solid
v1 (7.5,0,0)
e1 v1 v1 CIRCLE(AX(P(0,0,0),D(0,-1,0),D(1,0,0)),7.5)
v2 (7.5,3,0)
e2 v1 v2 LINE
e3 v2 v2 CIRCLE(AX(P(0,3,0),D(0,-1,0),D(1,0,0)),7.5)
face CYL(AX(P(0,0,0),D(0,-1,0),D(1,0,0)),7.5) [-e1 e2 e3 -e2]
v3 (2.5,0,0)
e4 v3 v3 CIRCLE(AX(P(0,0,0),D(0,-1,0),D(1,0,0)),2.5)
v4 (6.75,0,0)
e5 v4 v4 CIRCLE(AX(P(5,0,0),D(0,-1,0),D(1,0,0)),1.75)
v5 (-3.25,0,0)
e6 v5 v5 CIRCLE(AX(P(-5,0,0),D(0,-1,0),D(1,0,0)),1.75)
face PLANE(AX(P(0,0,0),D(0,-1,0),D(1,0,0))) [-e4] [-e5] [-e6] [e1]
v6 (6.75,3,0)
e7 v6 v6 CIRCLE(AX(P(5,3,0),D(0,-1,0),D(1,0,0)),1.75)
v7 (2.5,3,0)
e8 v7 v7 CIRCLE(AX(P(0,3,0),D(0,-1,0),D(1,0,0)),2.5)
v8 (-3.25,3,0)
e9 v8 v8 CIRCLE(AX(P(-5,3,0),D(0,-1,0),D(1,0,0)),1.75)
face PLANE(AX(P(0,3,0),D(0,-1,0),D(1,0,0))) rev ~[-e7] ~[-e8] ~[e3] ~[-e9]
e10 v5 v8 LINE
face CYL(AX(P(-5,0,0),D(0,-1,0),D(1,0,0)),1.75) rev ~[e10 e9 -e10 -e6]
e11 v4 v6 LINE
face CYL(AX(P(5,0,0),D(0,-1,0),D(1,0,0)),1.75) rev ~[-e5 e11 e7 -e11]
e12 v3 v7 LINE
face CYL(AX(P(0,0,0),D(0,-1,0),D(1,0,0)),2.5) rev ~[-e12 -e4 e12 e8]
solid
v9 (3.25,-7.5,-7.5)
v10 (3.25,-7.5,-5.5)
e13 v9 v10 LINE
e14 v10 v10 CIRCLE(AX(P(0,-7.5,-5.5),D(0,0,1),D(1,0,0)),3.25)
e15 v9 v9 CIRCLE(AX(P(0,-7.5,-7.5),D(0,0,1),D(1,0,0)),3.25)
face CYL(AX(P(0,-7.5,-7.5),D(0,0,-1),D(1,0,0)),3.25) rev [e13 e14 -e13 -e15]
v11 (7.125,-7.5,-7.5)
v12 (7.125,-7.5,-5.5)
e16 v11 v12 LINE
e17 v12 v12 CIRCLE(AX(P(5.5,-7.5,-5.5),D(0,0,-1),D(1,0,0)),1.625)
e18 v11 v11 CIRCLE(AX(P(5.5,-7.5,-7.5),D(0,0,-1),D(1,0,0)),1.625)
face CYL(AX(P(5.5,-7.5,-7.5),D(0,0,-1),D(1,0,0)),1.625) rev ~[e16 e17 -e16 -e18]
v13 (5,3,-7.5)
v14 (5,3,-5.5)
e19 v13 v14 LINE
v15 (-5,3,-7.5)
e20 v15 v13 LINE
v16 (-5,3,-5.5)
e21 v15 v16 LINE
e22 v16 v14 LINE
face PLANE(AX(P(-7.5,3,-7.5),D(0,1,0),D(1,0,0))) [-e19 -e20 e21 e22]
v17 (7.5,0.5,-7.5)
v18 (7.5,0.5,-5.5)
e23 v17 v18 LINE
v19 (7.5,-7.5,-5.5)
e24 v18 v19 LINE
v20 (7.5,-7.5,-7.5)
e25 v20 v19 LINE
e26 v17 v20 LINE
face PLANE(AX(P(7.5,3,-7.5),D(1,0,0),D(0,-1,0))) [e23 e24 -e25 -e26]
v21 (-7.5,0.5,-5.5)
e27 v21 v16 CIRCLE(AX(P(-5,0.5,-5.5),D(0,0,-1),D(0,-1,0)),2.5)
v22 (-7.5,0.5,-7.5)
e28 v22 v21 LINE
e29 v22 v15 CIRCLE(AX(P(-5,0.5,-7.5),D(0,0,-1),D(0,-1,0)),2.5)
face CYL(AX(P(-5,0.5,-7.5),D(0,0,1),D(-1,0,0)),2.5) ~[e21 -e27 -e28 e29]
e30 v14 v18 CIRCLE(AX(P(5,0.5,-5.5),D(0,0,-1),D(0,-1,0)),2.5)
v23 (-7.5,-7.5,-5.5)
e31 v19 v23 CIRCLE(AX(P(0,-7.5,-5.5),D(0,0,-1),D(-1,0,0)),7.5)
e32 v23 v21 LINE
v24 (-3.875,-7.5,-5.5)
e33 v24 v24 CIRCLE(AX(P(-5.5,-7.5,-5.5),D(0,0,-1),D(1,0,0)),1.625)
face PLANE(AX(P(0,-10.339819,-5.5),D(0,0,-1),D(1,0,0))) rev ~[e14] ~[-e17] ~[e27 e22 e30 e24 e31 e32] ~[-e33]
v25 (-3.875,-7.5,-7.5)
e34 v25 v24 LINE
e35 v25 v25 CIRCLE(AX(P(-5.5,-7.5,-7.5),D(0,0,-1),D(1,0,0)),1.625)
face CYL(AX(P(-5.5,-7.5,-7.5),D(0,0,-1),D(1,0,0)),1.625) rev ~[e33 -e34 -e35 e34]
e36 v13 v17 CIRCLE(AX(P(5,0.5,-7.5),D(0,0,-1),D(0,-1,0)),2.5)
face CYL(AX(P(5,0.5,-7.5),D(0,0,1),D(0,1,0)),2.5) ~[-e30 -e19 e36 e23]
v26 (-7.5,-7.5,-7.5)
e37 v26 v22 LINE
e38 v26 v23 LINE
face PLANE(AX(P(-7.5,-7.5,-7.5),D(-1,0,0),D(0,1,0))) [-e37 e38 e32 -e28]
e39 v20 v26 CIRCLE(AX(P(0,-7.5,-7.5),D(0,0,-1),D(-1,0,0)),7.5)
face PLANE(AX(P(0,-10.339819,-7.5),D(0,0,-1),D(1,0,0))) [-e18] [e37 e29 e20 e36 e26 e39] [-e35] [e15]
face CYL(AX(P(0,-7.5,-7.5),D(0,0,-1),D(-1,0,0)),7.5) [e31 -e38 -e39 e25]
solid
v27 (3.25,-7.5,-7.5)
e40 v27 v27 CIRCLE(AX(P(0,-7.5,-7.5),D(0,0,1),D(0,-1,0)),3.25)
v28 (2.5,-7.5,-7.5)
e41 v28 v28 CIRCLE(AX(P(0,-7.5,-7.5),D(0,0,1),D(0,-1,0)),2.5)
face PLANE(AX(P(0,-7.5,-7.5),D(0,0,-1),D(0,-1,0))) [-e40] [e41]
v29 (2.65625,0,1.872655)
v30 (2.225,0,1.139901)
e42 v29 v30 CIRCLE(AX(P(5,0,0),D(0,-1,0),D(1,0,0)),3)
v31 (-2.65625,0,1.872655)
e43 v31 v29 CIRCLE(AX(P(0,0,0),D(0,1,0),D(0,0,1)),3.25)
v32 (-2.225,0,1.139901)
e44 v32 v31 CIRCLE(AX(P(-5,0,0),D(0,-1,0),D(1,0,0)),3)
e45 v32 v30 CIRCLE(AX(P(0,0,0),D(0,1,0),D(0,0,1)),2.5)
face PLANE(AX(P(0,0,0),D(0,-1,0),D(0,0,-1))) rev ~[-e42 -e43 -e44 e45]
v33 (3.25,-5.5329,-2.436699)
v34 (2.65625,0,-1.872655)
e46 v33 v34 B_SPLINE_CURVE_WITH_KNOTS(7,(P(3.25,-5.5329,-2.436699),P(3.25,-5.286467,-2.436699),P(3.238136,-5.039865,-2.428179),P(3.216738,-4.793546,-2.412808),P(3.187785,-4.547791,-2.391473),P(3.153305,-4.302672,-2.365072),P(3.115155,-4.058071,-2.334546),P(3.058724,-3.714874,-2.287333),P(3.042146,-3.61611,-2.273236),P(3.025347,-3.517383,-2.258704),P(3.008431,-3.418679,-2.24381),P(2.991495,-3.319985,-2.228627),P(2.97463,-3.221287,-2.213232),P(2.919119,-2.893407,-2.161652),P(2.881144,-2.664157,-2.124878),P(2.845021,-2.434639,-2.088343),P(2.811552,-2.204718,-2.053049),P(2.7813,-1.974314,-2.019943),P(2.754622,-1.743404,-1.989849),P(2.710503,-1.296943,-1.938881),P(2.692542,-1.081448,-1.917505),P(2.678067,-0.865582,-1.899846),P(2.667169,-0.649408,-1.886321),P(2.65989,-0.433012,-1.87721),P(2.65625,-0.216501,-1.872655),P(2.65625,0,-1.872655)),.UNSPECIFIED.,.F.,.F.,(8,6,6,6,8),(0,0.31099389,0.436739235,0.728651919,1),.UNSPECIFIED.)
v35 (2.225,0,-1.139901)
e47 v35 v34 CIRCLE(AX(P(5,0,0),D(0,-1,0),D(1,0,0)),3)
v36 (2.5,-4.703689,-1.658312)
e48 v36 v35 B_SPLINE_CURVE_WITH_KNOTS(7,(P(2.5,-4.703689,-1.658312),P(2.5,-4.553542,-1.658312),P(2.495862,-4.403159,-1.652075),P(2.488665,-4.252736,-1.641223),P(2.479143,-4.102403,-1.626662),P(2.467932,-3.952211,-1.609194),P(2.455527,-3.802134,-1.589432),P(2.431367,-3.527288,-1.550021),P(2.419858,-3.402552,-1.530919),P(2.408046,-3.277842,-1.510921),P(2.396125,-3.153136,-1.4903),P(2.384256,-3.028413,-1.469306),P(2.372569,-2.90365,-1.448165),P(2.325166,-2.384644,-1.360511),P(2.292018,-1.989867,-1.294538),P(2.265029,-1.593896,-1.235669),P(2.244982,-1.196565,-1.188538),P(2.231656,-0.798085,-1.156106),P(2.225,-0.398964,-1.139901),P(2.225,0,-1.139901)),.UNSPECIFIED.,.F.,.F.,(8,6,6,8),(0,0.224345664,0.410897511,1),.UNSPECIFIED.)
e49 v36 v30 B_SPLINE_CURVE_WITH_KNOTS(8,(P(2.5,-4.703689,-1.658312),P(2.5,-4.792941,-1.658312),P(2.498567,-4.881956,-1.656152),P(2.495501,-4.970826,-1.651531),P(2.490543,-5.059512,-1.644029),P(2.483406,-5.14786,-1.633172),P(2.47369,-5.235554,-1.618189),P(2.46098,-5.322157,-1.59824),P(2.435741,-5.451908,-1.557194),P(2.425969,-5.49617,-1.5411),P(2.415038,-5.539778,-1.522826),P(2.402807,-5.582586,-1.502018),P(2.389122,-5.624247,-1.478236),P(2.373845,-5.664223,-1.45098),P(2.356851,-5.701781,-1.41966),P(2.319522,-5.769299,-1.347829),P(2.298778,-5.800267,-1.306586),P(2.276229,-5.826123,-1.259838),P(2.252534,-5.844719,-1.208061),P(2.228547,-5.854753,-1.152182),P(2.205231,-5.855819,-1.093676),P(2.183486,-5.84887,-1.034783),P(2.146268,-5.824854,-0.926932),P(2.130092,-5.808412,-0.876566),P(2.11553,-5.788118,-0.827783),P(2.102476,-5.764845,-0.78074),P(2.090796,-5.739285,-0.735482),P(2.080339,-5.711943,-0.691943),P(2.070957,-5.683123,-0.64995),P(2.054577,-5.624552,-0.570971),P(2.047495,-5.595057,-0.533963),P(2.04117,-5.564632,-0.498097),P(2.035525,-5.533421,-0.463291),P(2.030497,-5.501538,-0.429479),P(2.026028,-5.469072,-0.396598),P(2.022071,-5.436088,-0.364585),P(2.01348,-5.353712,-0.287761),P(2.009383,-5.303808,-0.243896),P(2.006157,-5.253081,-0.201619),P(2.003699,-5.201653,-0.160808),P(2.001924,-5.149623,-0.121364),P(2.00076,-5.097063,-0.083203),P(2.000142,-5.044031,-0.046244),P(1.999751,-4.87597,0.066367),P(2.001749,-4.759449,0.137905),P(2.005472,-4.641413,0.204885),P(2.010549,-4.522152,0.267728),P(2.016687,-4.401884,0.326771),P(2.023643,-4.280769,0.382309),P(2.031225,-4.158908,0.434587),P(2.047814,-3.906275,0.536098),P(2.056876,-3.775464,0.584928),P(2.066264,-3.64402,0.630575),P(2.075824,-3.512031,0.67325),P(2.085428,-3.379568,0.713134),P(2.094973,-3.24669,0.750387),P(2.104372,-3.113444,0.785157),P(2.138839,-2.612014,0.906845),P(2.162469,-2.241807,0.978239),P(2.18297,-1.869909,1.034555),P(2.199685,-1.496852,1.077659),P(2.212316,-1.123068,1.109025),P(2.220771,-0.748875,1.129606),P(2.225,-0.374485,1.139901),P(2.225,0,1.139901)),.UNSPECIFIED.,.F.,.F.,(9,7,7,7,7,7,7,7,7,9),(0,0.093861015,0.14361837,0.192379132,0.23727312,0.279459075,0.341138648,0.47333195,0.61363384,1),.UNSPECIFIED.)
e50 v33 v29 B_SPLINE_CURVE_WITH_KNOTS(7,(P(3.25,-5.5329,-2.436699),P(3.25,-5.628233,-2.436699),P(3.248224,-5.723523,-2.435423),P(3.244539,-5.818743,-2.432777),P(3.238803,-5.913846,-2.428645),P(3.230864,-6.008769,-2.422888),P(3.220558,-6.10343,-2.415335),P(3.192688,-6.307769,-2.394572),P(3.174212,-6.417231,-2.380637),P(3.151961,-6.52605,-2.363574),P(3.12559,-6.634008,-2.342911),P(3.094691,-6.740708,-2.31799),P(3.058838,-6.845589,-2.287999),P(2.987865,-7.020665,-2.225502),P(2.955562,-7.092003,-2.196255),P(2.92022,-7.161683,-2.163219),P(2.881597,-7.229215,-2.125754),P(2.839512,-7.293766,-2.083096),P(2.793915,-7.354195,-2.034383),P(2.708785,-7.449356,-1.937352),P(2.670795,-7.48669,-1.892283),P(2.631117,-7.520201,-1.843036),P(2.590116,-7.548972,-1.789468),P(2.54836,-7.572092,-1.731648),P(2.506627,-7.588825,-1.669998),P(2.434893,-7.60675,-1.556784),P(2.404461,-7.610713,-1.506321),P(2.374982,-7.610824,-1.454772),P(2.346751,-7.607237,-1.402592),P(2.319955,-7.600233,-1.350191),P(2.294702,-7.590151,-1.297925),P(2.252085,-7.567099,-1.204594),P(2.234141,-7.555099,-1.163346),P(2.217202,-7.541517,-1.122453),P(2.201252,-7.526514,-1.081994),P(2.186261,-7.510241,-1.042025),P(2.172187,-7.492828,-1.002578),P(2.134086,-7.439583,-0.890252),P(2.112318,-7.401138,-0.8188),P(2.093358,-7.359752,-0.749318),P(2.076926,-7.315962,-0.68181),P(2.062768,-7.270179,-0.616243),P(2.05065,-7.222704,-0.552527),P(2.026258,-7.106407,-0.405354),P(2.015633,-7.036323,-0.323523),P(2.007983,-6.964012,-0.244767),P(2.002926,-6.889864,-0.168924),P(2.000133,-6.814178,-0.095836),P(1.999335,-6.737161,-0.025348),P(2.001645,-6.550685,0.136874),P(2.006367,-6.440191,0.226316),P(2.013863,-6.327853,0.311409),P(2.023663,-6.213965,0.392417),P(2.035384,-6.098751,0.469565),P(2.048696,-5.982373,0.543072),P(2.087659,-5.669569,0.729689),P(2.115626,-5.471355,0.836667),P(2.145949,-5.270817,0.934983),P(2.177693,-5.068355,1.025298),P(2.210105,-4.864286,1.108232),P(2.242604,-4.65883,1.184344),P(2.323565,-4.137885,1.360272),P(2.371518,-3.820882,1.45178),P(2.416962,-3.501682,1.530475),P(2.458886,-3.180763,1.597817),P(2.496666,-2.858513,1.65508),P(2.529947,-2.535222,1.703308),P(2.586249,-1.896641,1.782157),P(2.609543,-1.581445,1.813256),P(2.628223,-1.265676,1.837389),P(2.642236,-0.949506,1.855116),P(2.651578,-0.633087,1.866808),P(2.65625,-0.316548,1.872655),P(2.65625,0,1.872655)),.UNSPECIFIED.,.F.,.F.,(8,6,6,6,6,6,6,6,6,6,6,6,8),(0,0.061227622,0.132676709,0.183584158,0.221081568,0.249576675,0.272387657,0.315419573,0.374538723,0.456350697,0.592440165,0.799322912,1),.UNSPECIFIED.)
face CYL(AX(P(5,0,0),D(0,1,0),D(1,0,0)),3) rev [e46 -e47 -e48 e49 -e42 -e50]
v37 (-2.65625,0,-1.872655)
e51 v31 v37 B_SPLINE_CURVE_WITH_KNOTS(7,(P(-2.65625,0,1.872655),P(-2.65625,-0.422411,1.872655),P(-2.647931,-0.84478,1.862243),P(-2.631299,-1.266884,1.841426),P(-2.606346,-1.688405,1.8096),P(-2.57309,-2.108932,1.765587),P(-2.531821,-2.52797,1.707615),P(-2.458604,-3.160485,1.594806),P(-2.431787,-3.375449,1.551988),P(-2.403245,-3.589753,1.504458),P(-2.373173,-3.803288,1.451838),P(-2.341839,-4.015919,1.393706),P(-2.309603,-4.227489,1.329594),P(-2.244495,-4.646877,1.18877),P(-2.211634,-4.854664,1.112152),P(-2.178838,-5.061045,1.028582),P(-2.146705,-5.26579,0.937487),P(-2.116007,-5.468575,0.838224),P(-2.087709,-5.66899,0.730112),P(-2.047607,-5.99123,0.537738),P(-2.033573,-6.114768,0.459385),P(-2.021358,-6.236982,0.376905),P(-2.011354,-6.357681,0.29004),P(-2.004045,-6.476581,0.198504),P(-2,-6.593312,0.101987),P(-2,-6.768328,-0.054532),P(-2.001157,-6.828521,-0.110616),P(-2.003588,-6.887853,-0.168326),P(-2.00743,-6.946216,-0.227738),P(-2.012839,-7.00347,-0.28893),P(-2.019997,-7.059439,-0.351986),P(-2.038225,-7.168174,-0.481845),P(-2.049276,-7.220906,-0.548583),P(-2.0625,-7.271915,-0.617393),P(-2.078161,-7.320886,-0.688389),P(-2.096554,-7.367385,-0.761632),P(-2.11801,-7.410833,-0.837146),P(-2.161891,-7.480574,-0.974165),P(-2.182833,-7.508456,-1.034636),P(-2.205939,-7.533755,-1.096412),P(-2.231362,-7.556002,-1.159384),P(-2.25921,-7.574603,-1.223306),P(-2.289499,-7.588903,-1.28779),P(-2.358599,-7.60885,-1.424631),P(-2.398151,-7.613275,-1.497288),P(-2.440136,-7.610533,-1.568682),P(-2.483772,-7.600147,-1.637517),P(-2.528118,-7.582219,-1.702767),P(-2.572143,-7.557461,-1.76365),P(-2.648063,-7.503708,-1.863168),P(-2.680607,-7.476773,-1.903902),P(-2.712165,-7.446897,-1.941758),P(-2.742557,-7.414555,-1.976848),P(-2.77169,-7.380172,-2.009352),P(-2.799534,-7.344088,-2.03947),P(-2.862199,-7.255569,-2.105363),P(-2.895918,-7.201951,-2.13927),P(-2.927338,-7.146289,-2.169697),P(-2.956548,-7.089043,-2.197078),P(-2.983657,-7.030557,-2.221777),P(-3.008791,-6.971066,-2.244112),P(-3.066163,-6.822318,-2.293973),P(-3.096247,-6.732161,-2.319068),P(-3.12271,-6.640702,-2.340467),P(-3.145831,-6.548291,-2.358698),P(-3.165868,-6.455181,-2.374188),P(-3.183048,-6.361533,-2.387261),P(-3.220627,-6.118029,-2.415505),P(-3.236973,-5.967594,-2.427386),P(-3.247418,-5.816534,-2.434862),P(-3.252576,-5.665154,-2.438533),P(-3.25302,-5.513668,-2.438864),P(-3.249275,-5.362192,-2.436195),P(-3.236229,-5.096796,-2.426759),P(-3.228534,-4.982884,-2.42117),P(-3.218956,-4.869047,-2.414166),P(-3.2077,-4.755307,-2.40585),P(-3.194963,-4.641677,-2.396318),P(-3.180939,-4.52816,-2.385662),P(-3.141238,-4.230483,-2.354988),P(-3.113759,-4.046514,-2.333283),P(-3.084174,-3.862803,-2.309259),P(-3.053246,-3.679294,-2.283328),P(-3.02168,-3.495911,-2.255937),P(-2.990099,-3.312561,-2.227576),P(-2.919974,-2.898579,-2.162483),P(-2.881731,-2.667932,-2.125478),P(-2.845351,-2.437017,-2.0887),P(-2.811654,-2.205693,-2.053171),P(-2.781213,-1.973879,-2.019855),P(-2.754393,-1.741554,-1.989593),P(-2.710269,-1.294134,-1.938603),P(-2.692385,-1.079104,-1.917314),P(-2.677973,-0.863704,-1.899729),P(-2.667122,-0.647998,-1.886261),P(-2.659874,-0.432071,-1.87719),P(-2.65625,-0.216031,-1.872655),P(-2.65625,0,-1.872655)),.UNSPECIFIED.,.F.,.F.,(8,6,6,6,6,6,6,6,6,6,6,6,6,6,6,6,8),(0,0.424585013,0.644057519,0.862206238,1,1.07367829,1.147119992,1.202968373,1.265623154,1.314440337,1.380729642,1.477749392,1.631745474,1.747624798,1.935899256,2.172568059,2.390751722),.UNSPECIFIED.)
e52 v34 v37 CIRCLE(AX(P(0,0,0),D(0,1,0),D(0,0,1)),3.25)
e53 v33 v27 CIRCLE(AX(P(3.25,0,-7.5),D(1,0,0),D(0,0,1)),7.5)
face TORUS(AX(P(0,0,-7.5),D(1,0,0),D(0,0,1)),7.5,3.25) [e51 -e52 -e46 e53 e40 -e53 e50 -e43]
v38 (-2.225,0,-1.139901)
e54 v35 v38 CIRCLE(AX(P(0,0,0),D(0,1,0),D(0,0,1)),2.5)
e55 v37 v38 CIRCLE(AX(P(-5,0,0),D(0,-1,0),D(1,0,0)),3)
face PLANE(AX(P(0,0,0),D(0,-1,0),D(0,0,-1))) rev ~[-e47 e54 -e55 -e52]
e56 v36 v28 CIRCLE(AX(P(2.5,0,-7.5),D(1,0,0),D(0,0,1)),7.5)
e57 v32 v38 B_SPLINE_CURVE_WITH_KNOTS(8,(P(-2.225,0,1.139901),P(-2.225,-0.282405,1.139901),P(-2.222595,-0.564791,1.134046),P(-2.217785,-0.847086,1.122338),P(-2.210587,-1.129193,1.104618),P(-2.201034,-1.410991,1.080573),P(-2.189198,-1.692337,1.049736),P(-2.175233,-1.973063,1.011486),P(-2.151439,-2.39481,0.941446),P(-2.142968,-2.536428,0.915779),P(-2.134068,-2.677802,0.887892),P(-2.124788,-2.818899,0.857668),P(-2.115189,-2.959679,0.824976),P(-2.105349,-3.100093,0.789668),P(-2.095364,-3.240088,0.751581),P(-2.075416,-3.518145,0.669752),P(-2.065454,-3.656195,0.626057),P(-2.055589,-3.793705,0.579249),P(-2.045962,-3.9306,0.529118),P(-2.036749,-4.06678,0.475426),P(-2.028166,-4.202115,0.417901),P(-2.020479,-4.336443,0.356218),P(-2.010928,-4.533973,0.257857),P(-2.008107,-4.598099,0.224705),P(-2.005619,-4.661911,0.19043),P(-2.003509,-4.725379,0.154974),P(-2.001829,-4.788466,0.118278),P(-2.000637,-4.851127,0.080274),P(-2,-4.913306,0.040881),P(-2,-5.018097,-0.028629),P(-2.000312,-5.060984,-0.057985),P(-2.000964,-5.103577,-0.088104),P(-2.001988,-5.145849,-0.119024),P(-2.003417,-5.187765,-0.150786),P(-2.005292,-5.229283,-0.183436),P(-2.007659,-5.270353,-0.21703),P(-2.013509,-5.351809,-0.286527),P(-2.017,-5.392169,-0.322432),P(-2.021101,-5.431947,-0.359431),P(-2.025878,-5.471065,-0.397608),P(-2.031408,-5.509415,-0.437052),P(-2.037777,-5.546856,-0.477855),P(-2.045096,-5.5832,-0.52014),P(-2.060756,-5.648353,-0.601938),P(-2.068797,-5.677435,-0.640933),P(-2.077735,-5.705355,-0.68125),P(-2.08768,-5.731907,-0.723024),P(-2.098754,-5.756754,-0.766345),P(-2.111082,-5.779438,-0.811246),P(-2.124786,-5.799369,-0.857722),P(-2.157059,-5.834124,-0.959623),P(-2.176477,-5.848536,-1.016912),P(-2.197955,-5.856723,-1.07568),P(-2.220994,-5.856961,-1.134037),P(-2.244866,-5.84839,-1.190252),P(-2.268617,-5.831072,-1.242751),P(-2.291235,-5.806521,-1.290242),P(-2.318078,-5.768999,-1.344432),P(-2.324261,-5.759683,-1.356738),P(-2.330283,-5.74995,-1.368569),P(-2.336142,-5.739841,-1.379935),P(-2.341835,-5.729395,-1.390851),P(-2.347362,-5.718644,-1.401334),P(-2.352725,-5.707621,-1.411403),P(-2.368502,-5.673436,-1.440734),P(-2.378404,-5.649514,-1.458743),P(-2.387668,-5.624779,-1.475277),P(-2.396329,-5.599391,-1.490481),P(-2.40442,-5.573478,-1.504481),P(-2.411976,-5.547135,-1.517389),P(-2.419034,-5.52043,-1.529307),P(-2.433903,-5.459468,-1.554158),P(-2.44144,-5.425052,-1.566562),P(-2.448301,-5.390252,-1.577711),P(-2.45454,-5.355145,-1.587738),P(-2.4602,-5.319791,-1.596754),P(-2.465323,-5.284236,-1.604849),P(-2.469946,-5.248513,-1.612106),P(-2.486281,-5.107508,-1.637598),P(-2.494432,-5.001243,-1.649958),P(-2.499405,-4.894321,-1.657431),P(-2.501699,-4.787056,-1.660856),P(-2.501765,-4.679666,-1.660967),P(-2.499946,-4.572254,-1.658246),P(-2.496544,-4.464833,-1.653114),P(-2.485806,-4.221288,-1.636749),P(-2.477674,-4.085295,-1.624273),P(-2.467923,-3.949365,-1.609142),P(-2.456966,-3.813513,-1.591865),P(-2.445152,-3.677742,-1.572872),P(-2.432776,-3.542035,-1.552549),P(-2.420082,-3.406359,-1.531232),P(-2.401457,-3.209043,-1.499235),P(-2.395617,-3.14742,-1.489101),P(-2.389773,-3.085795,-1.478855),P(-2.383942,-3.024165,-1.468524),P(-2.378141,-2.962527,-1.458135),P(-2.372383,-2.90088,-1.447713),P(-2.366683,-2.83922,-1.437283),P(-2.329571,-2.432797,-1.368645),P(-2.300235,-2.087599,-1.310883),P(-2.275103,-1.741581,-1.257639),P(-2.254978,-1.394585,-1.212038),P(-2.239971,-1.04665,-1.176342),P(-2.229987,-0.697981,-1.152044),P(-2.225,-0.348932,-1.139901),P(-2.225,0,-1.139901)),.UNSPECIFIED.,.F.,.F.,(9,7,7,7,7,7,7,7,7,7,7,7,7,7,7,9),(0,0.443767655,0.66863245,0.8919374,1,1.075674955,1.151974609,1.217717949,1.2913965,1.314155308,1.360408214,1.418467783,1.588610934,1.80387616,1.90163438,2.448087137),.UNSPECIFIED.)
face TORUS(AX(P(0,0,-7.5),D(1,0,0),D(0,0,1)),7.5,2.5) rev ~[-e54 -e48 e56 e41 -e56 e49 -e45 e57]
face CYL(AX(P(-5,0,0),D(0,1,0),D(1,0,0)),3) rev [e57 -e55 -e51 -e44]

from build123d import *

# Parameters (mm, degrees)
F0_R      = 7.5
F0_R_2    = 2.5
F1_DEPTH  = 3
F2_R      = 1.75
F3_DEPTH  = 25
F5_R      = 3.25
F5_R_2    = 2.5
F8_DEPTH  = 2
F9_R      = 2.5
F10_R     = 1.625
F11_DEPTH = 2
F12_R     = 3
F13_DEPTH = 25


with BuildPart() as f1:
    # F0 (on Front) → F1 (new body)
    with BuildSketch(Plane.XZ):
        Circle(F0_R)
        Circle(F0_R_2, mode=Mode.SUBTRACT)
    extrude(amount=-F1_DEPTH)

    # F2 (on face) → F3 (cut)
    with BuildSketch(Plane.XZ):
        with Locations((5, 0)):
            Circle(F2_R)
        with Locations((-5, 0)):
            Circle(F2_R)
    extrude(amount=-F3_DEPTH, mode=Mode.SUBTRACT)


with BuildPart() as f6:
    # F6: sweep along a path in F4
    with BuildLine(Plane.YZ) as f6_path:
        ThreePointArc((0, 0), (-5.3033008589, -2.1966991411), (-7.5, -7.5))
    # F5 (on Front) → F6 (sweep)
    with BuildSketch(Plane.XZ):
        Circle(F5_R)
        Circle(F5_R_2, mode=Mode.SUBTRACT)
    sweep(path=f6_path.line)

    # F12 (on face) → F13 (cut)
    with BuildSketch(Plane.XZ):
        with Locations((-5, 0)):
            Circle(F12_R)
        with Locations((5, 0)):
            Circle(F12_R)
    extrude(amount=F13_DEPTH, mode=Mode.SUBTRACT)


with BuildPart() as f8:
    # F7 (on face) → F8 (new body)
    with BuildSketch(Plane(origin=(0, 0, -7.5), x_dir=(1, 0, 0), z_dir=(0, 0, -1))):
        with BuildLine():
            ThreePointArc((-3.25, 7.5), (0, 10.75), (3.25, 7.5))
            Line((3.25, 7.5), (7.5, 7.5))
            ThreePointArc((7.5, 7.5), (0, 15), (-7.5, 7.5))
            Line((-7.5, 7.5), (-3.25, 7.5))
        make_face()
        with BuildLine():
            Line((7.5, 7.5), (3.25, 7.5))
            ThreePointArc((3.25, 7.5), (0, 4.25), (-3.25, 7.5))
            Line((-3.25, 7.5), (-7.5, 7.5))
            ThreePointArc((-7.5, 7.5), (0, 0), (7.5, 7.5))
        make_face()
        with BuildLine():
            Line((7.5, -3), (7.5, 7.5))
            ThreePointArc((7.5, 7.5), (0, 0), (-7.5, 7.5))
            Line((-7.5, 7.5), (-7.5, -3))
            Line((-7.5, -3), (7.5, -3))
        make_face()
    extrude(amount=-F8_DEPTH)

    # F9
    f9_edges = [f8.edges().sort_by_distance(p)[0] for p in [
        (-7.5, 3, -6.5),
        (7.5, 3, -6.5),
    ]]
    fillet(f9_edges, radius=F9_R)

    # F10 (on face) → F11 (cut, through all)
    with BuildSketch(Plane(origin=(0, 0, -7.5), x_dir=(1, 0, 0), z_dir=(0, 0, -1))):
        with Locations((-5.5, 7.5)):
            Circle(F10_R)
        with Locations((5.5, 7.5)):
            Circle(F10_R)
    extrude(amount=-F11_DEPTH, mode=Mode.SUBTRACT)


solid = Compound([f1.part, f6.part, f8.part])
